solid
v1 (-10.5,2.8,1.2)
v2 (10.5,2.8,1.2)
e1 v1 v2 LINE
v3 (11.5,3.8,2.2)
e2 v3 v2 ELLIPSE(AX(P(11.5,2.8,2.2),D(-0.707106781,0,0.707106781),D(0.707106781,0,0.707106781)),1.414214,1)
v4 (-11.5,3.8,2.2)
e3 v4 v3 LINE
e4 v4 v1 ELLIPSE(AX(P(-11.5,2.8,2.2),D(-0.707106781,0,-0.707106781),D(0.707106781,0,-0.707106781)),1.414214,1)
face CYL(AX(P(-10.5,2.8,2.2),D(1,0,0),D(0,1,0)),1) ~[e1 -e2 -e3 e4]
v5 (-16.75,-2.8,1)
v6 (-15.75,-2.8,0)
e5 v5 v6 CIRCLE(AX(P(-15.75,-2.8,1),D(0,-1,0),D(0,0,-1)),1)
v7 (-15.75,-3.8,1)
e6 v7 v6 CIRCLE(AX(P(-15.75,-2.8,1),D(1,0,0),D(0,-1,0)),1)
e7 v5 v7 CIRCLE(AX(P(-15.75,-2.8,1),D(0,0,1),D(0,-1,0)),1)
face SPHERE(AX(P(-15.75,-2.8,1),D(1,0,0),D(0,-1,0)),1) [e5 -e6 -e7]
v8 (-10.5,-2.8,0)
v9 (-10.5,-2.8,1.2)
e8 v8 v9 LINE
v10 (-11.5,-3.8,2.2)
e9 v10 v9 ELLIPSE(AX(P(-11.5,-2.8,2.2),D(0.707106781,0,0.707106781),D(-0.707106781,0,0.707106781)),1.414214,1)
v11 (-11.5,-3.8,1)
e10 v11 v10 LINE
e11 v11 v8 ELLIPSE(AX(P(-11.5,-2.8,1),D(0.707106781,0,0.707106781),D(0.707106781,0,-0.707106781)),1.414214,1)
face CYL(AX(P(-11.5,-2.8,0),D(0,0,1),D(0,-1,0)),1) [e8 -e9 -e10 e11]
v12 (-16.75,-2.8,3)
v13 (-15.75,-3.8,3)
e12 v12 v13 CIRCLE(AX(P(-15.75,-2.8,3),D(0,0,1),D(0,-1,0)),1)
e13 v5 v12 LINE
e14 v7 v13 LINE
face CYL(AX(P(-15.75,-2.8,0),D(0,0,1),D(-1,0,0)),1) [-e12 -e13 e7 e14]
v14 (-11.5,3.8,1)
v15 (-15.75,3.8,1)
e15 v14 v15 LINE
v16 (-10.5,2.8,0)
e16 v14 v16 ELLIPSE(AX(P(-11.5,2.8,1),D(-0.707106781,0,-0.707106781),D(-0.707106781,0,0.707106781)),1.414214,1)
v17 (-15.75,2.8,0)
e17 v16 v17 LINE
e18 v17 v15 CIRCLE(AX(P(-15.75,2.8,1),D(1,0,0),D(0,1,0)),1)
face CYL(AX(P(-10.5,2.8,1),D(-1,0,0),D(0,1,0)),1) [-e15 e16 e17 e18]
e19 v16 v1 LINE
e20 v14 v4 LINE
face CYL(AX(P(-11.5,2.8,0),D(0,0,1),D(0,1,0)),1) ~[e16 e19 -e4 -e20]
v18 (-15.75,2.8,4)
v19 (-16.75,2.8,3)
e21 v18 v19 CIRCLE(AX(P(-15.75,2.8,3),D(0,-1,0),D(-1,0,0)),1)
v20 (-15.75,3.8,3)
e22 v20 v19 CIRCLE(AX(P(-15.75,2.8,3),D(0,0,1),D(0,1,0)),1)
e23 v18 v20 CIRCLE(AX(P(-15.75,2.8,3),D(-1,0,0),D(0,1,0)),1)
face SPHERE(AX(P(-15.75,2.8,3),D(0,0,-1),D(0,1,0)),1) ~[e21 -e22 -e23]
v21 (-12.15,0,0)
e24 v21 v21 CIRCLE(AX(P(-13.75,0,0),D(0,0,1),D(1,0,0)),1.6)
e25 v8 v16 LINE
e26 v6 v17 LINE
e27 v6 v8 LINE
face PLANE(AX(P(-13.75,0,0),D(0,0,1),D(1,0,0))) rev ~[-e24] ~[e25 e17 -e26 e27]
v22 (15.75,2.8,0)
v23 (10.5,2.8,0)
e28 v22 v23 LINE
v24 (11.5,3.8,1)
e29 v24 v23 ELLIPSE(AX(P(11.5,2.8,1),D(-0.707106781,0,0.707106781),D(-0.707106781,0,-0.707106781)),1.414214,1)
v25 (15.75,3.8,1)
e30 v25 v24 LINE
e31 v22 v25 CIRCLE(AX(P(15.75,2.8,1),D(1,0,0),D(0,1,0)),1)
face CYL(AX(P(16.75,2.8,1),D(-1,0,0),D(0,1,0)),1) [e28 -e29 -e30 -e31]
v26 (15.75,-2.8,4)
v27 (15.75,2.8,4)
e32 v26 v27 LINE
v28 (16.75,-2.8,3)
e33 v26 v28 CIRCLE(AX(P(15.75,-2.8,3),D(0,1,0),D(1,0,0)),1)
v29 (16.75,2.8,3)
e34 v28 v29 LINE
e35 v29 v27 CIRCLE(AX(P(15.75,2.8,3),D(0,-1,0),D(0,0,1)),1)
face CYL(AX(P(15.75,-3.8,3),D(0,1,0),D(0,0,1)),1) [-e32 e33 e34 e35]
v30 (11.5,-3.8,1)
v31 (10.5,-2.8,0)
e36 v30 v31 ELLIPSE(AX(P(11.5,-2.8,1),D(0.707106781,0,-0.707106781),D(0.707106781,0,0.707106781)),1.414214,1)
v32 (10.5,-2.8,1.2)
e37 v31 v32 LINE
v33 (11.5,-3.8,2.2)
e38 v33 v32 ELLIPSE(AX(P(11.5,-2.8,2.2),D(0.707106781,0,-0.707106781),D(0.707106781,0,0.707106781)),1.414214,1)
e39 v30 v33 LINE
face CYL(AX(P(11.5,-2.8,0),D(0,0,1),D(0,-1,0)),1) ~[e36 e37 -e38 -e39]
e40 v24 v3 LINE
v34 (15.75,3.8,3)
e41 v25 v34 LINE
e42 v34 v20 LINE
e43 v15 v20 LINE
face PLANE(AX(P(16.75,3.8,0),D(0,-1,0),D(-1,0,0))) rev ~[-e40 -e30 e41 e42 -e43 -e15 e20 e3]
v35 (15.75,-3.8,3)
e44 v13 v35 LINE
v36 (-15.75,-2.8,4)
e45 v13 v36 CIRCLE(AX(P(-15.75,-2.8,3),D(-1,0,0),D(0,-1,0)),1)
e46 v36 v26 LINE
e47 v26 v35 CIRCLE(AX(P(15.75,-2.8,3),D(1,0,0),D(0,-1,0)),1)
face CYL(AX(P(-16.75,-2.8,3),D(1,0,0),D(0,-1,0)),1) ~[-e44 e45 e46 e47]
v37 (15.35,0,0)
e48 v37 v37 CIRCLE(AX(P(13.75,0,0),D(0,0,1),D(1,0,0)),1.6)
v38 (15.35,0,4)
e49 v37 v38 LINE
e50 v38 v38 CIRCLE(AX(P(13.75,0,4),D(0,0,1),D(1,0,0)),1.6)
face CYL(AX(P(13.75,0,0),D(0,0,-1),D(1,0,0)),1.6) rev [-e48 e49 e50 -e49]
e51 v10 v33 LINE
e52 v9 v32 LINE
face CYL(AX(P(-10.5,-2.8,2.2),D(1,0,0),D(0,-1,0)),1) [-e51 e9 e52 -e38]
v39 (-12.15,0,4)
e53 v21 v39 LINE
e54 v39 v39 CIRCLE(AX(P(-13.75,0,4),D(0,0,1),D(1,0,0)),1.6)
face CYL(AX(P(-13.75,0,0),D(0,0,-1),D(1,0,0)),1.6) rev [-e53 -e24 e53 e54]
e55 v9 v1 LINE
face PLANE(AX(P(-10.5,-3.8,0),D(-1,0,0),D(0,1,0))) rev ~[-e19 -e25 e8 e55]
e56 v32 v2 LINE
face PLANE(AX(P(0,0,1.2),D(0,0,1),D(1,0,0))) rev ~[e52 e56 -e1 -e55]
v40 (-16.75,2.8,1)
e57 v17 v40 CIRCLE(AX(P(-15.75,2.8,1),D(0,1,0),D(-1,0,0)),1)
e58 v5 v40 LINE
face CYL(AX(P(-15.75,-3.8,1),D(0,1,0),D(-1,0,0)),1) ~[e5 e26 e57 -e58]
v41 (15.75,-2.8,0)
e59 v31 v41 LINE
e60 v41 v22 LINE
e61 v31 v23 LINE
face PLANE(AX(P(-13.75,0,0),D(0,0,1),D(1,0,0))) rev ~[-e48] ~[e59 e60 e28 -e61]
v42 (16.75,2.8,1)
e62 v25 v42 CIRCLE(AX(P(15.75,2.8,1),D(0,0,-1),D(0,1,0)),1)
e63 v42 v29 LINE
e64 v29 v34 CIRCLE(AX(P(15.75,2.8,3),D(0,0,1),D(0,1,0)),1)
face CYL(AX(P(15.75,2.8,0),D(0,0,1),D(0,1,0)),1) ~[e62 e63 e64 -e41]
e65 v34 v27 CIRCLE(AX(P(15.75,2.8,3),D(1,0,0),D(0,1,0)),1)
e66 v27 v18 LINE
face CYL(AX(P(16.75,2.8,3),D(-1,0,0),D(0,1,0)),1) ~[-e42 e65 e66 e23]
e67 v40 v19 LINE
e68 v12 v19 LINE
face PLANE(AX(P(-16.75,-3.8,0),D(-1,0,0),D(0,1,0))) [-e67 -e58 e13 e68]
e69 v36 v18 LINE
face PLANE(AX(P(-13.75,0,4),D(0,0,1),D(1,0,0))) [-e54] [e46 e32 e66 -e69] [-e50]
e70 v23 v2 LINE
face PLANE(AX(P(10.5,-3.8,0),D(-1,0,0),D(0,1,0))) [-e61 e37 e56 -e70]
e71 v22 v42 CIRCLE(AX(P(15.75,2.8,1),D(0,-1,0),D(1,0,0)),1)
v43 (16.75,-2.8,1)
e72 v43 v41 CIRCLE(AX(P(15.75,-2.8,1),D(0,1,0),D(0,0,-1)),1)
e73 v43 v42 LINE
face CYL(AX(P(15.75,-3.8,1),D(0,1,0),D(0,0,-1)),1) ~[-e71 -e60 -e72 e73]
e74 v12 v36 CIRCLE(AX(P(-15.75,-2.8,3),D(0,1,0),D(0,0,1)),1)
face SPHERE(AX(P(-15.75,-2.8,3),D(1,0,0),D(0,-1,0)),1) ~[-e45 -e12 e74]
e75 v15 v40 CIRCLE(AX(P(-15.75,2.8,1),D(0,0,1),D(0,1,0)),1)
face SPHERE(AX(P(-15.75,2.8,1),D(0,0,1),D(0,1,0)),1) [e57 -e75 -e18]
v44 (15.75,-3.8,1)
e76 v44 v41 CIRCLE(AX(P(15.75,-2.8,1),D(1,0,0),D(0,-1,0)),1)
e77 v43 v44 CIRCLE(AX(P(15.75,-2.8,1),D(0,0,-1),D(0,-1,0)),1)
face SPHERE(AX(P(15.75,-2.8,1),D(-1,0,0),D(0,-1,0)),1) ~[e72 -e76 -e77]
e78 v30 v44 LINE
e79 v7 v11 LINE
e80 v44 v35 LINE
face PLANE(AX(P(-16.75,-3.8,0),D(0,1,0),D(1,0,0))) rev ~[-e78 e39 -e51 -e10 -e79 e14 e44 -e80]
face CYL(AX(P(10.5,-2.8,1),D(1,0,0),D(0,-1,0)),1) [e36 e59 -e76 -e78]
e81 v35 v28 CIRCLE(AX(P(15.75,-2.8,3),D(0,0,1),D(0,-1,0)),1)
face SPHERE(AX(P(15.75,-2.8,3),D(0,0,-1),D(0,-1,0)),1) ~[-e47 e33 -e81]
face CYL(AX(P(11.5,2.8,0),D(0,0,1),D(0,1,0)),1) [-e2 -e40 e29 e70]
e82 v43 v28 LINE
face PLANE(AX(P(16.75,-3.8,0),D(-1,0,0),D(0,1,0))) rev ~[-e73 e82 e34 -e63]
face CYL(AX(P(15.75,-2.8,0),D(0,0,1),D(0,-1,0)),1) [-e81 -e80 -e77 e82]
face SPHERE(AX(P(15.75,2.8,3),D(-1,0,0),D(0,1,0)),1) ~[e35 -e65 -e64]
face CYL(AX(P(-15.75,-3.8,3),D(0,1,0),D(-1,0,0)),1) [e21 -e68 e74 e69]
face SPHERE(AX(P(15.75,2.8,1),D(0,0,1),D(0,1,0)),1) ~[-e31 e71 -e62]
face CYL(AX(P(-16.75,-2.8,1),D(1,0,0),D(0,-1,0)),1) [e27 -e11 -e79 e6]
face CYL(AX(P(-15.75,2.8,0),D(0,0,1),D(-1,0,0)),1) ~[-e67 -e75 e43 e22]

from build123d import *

# Parameters (mm, degrees)
F0_W     = 6
F0_H     = 7.6
F0_R     = 1.6
F0_W_2   = 0.25
F0_W_3   = 21
F1_DEPTH = 4
F2_DEPTH = 1.2
F3_R     = 1


with BuildPart() as f1:
    # F0 (on Top) → F1 (new body)
    with BuildSketch(Plane.XY):
        with Locations((-13.75, 0)):
            Rectangle(F0_W, F0_H)
        with Locations((-13.75, 0)):
            Circle(F0_R, mode=Mode.SUBTRACT)
        with Locations((13.75, 0)):
            Rectangle(F0_W, F0_H)
        with Locations((13.75, 0)):
            Circle(F0_R, mode=Mode.SUBTRACT)
        with Locations((-10.625, 0)):
            Rectangle(F0_W_2, F0_H)
        Rectangle(F0_W_3, F0_H)
        with Locations((10.625, 0)):
            Rectangle(F0_W_2, F0_H)
    extrude(amount=F1_DEPTH)

    # F0 (on Top) → F2 (cut)
    with BuildSketch(Plane.XY):
        Rectangle(F0_W_3, F0_H)
    extrude(amount=F2_DEPTH, mode=Mode.SUBTRACT)

    # F3
    f3_edges = [f1.edges().sort_by_distance(p)[0] for p in [
        (-13.625, -3.8, 0),
        (-10.5, -3.8, 0.6),
        (0, -3.8, 1.2),
        (10.5, -3.8, 0.6),
        (13.625, -3.8, 0),
        (16.75, -3.8, 2),
        (0, -3.8, 4),
        (-16.75, -3.8, 2),
        (-16.75, 3.8, 2),
        (0, 3.8, 4),
        (16.75, 3.8, 2),
        (13.625, 3.8, 0),
        (10.5, 3.8, 0.6),
        (0, 3.8, 1.2),
        (-10.5, 3.8, 0.6),
        (-13.625, 3.8, 0),
        (16.75, 0, 0),
        (16.75, 0, 4),
        (-16.75, 0, 0),
        (-16.75, 0, 4),
    ]]
    fillet(f3_edges, radius=F3_R)


solid = f1.part
